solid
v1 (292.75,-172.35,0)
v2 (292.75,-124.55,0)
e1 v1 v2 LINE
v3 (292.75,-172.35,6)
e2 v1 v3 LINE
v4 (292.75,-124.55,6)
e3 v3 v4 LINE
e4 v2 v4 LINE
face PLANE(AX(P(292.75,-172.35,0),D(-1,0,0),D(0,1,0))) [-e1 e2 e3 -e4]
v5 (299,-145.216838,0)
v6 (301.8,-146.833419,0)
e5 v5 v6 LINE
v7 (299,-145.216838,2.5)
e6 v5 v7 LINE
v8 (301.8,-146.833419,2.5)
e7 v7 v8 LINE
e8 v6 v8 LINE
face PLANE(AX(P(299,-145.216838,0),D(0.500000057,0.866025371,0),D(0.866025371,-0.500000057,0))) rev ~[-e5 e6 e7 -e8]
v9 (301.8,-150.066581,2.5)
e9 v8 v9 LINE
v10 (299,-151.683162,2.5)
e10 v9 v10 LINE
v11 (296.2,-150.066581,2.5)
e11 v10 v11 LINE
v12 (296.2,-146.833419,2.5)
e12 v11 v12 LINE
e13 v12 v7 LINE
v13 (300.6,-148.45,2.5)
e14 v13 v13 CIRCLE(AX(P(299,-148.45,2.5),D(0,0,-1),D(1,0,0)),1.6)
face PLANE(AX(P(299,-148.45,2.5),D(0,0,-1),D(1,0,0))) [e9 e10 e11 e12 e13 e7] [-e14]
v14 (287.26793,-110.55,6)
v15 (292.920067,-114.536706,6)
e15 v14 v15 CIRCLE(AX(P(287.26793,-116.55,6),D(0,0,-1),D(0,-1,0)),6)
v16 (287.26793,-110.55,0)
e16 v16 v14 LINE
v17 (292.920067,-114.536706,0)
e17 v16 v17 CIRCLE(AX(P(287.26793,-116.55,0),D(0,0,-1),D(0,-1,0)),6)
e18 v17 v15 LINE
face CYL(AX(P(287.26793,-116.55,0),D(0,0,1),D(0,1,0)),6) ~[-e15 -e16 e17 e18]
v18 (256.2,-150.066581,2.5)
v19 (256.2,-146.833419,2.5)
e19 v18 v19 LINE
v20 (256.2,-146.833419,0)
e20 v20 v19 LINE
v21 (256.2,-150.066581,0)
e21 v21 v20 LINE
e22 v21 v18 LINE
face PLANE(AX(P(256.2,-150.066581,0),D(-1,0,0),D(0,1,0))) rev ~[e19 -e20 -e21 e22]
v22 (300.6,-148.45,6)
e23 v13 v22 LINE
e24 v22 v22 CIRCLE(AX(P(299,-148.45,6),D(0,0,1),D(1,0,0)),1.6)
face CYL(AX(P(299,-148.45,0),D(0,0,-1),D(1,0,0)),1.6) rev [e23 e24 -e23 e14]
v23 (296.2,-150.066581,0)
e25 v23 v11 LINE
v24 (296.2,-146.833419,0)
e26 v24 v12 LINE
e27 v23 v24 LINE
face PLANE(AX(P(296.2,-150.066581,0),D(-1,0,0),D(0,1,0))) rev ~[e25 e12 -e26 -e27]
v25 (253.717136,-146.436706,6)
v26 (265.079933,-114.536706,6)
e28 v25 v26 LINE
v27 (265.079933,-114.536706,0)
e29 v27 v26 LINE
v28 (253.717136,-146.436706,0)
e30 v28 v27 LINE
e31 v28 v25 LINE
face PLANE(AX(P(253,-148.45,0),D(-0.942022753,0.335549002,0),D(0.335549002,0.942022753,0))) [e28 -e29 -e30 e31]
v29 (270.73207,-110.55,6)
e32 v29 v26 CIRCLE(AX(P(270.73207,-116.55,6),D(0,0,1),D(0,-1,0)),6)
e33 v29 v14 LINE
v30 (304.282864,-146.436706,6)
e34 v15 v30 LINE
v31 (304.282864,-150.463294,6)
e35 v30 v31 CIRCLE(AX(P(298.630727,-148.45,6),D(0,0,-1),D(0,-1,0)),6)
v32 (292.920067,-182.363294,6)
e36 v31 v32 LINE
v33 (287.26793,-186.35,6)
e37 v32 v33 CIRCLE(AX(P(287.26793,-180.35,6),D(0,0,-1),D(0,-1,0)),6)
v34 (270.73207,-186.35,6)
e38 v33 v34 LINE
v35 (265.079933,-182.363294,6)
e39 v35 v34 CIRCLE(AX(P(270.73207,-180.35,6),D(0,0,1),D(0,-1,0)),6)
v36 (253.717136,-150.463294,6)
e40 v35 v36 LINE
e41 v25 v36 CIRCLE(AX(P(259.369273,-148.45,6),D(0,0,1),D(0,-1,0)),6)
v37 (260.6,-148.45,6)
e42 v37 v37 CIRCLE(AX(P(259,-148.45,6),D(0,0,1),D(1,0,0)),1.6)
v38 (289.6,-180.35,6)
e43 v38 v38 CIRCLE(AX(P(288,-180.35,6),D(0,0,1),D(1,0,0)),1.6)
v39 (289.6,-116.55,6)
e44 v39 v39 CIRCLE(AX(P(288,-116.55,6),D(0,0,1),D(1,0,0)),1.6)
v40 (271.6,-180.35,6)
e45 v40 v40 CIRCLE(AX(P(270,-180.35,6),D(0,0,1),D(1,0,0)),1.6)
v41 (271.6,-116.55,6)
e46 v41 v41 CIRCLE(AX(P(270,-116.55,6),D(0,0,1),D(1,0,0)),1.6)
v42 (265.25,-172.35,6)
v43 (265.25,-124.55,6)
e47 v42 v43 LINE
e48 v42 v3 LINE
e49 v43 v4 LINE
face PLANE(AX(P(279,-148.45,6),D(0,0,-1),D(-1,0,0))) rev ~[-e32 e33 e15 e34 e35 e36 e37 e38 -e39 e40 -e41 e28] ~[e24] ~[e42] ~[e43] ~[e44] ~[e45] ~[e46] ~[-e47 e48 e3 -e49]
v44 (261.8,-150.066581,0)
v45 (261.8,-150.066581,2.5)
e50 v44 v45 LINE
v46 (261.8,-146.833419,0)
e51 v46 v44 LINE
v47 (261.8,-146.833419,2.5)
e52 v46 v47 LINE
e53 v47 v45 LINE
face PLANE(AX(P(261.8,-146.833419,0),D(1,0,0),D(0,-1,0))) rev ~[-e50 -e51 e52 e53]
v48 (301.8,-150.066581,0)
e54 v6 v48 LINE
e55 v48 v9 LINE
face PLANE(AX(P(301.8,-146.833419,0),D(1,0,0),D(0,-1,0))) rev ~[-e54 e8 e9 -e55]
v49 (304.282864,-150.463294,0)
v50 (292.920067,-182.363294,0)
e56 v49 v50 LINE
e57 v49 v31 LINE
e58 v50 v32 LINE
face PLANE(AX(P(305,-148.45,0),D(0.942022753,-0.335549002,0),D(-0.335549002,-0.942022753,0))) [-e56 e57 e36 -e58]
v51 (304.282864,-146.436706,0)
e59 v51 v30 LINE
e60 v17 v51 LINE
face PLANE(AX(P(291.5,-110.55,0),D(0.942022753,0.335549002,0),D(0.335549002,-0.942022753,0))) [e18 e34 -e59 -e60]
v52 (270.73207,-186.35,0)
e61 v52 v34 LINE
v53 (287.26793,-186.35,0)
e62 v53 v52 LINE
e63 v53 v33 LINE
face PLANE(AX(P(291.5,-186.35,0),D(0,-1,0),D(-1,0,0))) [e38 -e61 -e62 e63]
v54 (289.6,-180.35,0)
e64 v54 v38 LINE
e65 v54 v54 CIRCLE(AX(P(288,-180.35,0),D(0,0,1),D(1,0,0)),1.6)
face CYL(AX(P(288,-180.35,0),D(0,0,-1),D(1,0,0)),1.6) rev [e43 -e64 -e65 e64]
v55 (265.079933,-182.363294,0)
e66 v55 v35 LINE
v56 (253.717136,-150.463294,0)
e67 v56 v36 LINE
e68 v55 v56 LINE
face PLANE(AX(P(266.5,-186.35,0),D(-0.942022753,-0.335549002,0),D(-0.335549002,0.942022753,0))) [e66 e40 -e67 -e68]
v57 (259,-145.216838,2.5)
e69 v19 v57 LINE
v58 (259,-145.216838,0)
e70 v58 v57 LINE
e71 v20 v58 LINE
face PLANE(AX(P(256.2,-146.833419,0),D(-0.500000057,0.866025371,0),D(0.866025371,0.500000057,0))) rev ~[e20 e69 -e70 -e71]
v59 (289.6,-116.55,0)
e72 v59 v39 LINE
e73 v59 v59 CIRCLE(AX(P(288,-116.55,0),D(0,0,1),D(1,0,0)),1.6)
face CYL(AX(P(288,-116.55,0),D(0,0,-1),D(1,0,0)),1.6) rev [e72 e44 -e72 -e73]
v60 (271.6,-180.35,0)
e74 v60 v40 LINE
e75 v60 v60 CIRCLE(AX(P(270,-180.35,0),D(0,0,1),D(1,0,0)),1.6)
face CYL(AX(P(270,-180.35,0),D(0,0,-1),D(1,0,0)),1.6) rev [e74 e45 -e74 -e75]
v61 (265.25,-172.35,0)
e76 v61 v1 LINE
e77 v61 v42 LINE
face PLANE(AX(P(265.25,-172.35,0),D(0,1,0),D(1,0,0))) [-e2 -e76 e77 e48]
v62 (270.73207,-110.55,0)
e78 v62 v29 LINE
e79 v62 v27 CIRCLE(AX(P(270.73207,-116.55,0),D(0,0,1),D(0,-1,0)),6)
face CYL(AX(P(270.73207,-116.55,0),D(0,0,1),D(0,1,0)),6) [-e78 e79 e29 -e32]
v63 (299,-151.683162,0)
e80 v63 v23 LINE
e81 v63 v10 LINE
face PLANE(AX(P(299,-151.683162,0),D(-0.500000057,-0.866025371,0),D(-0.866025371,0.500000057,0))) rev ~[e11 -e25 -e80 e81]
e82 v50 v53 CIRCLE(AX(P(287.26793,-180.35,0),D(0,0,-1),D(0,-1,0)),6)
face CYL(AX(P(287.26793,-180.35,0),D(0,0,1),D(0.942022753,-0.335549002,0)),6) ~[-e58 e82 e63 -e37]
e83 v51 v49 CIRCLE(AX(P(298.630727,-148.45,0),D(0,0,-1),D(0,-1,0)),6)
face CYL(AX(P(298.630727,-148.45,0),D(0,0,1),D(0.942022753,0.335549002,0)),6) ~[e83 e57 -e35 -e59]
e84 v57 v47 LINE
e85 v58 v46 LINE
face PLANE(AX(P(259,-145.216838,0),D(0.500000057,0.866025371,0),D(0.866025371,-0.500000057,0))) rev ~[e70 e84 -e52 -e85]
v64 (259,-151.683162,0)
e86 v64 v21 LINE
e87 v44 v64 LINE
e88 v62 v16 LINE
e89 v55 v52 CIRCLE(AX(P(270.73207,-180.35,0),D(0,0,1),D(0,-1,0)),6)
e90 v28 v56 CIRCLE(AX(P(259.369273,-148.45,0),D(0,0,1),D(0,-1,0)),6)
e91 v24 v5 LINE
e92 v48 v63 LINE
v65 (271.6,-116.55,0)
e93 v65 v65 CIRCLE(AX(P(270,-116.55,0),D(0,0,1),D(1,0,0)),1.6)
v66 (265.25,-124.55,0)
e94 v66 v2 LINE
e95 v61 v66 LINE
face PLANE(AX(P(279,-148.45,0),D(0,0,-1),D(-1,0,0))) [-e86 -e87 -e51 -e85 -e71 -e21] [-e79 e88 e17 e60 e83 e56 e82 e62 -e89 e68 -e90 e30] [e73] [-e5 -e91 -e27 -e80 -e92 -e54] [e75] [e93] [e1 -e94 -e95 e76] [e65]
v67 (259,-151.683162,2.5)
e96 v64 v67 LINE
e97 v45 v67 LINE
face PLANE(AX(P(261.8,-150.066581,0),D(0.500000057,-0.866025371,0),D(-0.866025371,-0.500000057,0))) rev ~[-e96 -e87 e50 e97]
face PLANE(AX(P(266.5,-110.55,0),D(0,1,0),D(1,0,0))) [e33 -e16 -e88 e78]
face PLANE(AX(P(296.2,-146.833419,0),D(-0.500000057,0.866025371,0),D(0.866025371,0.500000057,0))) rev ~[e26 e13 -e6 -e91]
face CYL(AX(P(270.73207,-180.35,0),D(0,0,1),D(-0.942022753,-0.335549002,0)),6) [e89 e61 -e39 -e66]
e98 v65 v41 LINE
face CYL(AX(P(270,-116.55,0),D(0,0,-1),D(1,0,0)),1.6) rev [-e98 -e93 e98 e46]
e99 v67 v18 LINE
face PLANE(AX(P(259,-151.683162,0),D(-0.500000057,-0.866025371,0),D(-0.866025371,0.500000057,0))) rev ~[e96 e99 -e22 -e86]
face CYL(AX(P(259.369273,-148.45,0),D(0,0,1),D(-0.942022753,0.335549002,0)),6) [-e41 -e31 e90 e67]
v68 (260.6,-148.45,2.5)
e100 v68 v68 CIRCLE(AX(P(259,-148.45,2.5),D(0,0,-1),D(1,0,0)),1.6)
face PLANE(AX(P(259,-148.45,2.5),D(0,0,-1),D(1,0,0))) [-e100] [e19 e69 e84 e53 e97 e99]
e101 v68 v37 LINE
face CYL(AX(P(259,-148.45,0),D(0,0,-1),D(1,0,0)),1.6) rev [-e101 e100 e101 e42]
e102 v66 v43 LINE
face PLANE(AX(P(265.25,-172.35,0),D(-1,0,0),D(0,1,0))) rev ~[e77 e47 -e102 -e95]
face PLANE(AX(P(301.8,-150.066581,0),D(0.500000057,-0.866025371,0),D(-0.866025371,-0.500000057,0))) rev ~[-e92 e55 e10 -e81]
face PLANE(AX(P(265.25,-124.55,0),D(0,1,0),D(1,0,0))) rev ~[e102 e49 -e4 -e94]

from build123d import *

# Parameters (mm, degrees)
SKETCH_R     = 1.6
SKETCH_W     = 27.5
SKETCH_H     = 47.8
PAD_DEPTH    = 6
POCKET_DEPTH = 2.5
FILLET_R     = 6


with BuildPart() as part:
    # Sketch (on Face1 of ShapeBinder) → Pad (new body)
    with BuildSketch(Plane.XY):
        Polygon((266.5, -110.55), (291.5, -110.55), (305, -148.45), (291.5, -186.35), (266.5, -186.35), (253, -148.45), align=None)
        with Locations((270, -116.55)):
            Circle(SKETCH_R, mode=Mode.SUBTRACT)
        with Locations((288, -116.55)):
            Circle(SKETCH_R, mode=Mode.SUBTRACT)
        with Locations((299, -148.45)):
            Circle(SKETCH_R, mode=Mode.SUBTRACT)
        with Locations((259, -148.45)):
            Circle(SKETCH_R, mode=Mode.SUBTRACT)
        with Locations((270, -180.35)):
            Circle(SKETCH_R, mode=Mode.SUBTRACT)
        with Locations((288, -180.35)):
            Circle(SKETCH_R, mode=Mode.SUBTRACT)
        with Locations((279, -148.45)):
            Rectangle(SKETCH_W, SKETCH_H, mode=Mode.SUBTRACT)
    extrude(amount=PAD_DEPTH)

    # Sketch001 (on Face17 of Pad) → Pocket (cut)
    with BuildSketch(Plane(origin=(0, 0, 0), x_dir=(1, 0, 0), z_dir=(0, 0, -1))):
        Polygon((261.8, 146.833419), (261.8, 150.066581), (259, 151.683162), (256.2, 150.066581), (256.2, 146.833419), (259, 145.216838), align=None)
        Polygon((301.8, 146.833419), (301.8, 150.066581), (299, 151.683162), (296.2, 150.066581), (296.2, 146.833419), (299, 145.216838), align=None)
    extrude(amount=-POCKET_DEPTH, mode=Mode.SUBTRACT)

    # Fillet
    fillet_edges = [part.edges().sort_by_distance(p)[0] for p in [
        (291.5, -110.55, 3),
        (266.5, -110.55, 3),
        (253, -148.45, 3),
        (266.5, -186.35, 3),
        (291.5, -186.35, 3),
        (305, -148.45, 3),
    ]]
    fillet(fillet_edges, radius=FILLET_R)


solid = part.part
